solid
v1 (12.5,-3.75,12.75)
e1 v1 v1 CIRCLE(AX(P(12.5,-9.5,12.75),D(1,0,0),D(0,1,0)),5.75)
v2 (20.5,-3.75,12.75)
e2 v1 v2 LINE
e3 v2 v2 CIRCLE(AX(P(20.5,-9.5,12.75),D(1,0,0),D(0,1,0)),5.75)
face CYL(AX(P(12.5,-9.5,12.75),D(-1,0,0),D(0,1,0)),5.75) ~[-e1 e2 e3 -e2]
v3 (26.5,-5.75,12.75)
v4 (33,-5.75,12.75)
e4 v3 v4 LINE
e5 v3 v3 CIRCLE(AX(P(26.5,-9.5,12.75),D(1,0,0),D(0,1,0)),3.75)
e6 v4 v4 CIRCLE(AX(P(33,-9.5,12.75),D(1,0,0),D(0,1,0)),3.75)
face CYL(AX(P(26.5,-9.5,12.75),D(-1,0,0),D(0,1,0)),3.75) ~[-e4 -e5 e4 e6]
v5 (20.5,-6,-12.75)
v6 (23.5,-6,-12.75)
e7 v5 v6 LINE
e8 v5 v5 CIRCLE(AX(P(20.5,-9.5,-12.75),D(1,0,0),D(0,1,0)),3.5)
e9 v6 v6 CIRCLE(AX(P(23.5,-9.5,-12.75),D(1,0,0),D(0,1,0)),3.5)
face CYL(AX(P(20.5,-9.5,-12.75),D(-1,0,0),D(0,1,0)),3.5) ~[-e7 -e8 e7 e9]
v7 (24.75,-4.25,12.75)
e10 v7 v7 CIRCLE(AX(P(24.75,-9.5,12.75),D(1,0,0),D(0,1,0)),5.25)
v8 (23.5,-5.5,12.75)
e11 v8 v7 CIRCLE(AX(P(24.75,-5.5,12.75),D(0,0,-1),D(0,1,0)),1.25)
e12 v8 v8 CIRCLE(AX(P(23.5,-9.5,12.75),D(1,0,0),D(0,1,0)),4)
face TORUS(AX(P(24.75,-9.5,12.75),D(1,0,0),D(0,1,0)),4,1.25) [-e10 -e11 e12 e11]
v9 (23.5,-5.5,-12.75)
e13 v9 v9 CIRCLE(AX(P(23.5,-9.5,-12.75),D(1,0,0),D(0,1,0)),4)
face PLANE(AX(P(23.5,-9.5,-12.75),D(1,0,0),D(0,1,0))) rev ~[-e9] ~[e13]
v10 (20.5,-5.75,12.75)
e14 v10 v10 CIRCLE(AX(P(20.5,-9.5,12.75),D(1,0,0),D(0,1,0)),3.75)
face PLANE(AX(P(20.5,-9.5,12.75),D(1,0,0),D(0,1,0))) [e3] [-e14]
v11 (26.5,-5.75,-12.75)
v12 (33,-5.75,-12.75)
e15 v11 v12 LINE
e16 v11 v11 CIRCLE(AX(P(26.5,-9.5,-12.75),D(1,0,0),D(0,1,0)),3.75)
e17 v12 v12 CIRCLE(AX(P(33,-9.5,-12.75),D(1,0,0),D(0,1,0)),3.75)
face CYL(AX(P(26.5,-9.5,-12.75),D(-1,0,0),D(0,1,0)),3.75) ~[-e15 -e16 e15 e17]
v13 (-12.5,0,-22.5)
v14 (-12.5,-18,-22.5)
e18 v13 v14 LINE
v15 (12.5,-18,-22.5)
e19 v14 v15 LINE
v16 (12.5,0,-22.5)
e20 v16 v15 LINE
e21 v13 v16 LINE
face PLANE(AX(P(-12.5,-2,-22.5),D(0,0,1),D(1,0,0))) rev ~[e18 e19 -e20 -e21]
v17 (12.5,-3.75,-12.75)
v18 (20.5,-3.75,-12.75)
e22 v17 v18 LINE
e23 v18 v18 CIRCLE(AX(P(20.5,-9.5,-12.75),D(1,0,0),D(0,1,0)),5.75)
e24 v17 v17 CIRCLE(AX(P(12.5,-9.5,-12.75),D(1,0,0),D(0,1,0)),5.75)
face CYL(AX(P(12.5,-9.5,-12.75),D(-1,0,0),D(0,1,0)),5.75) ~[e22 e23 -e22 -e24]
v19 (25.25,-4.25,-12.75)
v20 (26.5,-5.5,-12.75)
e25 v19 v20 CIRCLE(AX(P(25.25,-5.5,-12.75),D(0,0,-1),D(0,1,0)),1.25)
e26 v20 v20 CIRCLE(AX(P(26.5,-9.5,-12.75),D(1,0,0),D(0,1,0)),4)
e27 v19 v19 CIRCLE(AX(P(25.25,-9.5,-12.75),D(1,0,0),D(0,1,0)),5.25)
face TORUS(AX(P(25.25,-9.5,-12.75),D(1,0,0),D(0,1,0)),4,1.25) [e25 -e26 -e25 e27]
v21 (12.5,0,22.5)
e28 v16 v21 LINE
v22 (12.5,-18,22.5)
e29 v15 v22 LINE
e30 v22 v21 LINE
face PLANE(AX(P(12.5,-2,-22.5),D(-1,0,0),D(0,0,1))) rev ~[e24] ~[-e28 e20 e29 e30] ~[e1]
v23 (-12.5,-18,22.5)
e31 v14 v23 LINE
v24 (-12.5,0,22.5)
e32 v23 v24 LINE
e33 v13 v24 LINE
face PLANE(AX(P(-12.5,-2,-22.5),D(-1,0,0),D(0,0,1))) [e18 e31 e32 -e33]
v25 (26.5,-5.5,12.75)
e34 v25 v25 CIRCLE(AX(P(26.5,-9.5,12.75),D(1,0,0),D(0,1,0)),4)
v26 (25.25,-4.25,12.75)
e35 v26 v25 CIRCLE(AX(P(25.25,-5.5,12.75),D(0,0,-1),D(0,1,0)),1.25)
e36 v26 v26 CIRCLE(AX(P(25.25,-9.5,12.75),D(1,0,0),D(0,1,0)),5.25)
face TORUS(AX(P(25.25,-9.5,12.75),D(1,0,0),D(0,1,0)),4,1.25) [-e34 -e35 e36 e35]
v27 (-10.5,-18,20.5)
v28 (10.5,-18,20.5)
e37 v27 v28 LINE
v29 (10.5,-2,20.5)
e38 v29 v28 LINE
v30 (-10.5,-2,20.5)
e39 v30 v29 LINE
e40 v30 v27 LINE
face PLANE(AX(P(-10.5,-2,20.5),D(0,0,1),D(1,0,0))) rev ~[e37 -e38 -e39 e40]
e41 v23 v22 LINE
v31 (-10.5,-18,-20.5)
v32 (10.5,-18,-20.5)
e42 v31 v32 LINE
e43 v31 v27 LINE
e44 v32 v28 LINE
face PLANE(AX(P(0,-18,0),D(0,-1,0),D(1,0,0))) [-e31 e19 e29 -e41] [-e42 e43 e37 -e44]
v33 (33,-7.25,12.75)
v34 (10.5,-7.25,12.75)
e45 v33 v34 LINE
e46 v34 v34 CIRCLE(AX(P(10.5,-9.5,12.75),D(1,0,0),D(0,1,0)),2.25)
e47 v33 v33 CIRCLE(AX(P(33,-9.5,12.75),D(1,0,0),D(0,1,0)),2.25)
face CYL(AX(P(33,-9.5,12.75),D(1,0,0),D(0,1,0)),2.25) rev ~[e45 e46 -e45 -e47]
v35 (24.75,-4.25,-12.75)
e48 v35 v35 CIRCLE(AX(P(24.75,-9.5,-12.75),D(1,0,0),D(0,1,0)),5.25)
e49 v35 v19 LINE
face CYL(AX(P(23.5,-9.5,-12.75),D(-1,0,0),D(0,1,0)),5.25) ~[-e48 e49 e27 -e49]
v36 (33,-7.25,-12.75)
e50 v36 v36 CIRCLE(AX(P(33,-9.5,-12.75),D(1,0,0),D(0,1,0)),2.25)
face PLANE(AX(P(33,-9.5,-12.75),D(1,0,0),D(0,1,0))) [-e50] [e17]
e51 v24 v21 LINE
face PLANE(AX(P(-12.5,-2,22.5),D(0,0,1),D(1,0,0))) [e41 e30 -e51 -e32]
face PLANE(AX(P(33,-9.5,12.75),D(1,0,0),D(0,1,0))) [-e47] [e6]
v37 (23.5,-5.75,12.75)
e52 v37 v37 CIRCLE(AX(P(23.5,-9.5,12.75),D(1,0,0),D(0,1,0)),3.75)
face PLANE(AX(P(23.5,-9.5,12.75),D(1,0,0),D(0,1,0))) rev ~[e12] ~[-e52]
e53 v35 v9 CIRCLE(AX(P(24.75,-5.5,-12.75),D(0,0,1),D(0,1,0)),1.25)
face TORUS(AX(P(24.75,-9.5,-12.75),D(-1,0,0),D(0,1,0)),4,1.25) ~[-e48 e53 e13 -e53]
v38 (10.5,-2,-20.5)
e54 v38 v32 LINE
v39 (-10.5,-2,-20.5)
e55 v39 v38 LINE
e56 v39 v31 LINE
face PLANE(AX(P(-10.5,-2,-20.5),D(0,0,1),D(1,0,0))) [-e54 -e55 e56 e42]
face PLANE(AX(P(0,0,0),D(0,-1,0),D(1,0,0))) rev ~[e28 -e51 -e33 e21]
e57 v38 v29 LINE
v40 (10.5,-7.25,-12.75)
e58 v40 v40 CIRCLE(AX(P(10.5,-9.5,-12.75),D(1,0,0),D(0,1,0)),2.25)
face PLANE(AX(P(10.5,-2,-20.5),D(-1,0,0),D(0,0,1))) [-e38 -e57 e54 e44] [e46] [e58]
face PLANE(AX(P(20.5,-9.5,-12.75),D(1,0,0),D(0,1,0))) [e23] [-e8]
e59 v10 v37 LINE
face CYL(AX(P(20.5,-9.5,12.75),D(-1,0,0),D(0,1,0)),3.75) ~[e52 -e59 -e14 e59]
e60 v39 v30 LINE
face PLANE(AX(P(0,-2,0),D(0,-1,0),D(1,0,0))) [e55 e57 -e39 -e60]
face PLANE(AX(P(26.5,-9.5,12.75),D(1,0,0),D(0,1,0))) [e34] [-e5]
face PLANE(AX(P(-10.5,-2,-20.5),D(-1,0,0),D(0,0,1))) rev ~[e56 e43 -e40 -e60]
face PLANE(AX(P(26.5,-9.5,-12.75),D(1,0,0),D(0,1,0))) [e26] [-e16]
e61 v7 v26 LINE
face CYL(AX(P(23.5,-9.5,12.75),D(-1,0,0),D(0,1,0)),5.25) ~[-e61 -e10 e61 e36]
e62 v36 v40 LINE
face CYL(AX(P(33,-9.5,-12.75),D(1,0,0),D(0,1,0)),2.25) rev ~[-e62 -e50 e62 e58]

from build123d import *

# Parameters (mm, degrees)
F0_W      = 25
F0_H      = 45
F1_DEPTH  = 2
F2_W      = 25
F2_H      = 45
F2_W_2    = 21
F2_H_2    = 41
F3_DEPTH  = 16
F4_R      = 5.75
F5_DEPTH  = 8
F6_R      = 3.75
F7_DEPTH  = 3
F8_R      = 3.5
F9_DEPTH  = 3
F10_R     = 5.25
F11_DEPTH = 3
F12_R     = 5.25
F13_DEPTH = 3
F14_R     = 3.75
F15_DEPTH = 6.5
F16_R     = 3.75
F17_DEPTH = 6.5
F18_R     = 1.25
F19_R     = 2.25
F20_DEPTH = 25
F21_R     = 2.25
F22_DEPTH = 25


with BuildPart() as f1:
    # F0 (on Front) → F1 (new body)
    with BuildSketch(Plane.XZ):
        Rectangle(F0_W, F0_H)
    extrude(amount=F1_DEPTH)

    # F2 (on face) → F3 (join)
    with BuildSketch(Plane.XZ.offset(2)):
        Rectangle(F2_W, F2_H)
        Rectangle(F2_W_2, F2_H_2, mode=Mode.SUBTRACT)
    extrude(amount=F3_DEPTH)

    # F4 (on face) → F5 (join)
    with BuildSketch(Plane.YZ.offset(12.5)):
        with Locations((-9.5, 12.75)):
            Circle(F4_R)
        with Locations((-9.5, -12.75)):
            Circle(F4_R)
    extrude(amount=F5_DEPTH)

    # F6 (on face) → F7 (join)
    with BuildSketch(Plane.YZ.offset(20.5)):
        with Locations((-9.5, 12.75)):
            Circle(F6_R)
    extrude(amount=F7_DEPTH)

    # F8 (on face) → F9 (join)
    with BuildSketch(Plane.YZ.offset(20.5)):
        with Locations((-9.5, -12.75)):
            Circle(F8_R)
    extrude(amount=F9_DEPTH)

    # F10 (on face) → F11 (join)
    with BuildSketch(Plane.YZ.offset(23.5)):
        with Locations((-9.5, 12.75)):
            Circle(F10_R)
    extrude(amount=F11_DEPTH)

    # F12 (on face) → F13 (join)
    with BuildSketch(Plane.YZ.offset(23.5)):
        with Locations((-9.5, -12.75)):
            Circle(F12_R)
    extrude(amount=F13_DEPTH)

    # F14 (on face) → F15 (join)
    with BuildSketch(Plane.YZ.offset(26.5)):
        with Locations((-9.5, 12.75)):
            Circle(F14_R)
    extrude(amount=F15_DEPTH)

    # F16 (on face) → F17 (join)
    with BuildSketch(Plane.YZ.offset(26.5)):
        with Locations((-9.5, -12.75)):
            Circle(F16_R)
    extrude(amount=F17_DEPTH)

    # F18
    f18_edges = [f1.edges().sort_by_distance(p)[0] for p in [
        (26.5, -14.75, 12.75),
        (26.5, -14.75, -12.75),
        (23.5, -14.75, -12.75),
        (23.5, -14.75, 12.75),
    ]]
    fillet(f18_edges, radius=F18_R)

    # F19 (on face) → F20 (cut)
    with BuildSketch(Plane.YZ.offset(33)):
        with Locations((-9.5, 12.75)):
            Circle(F19_R)
    extrude(amount=-F20_DEPTH, mode=Mode.SUBTRACT)

    # F21 (on face) → F22 (cut)
    with BuildSketch(Plane.YZ.offset(33)):
        with Locations((-9.5, -12.75)):
            Circle(F21_R)
    extrude(amount=-F22_DEPTH, mode=Mode.SUBTRACT)


solid = f1.part
